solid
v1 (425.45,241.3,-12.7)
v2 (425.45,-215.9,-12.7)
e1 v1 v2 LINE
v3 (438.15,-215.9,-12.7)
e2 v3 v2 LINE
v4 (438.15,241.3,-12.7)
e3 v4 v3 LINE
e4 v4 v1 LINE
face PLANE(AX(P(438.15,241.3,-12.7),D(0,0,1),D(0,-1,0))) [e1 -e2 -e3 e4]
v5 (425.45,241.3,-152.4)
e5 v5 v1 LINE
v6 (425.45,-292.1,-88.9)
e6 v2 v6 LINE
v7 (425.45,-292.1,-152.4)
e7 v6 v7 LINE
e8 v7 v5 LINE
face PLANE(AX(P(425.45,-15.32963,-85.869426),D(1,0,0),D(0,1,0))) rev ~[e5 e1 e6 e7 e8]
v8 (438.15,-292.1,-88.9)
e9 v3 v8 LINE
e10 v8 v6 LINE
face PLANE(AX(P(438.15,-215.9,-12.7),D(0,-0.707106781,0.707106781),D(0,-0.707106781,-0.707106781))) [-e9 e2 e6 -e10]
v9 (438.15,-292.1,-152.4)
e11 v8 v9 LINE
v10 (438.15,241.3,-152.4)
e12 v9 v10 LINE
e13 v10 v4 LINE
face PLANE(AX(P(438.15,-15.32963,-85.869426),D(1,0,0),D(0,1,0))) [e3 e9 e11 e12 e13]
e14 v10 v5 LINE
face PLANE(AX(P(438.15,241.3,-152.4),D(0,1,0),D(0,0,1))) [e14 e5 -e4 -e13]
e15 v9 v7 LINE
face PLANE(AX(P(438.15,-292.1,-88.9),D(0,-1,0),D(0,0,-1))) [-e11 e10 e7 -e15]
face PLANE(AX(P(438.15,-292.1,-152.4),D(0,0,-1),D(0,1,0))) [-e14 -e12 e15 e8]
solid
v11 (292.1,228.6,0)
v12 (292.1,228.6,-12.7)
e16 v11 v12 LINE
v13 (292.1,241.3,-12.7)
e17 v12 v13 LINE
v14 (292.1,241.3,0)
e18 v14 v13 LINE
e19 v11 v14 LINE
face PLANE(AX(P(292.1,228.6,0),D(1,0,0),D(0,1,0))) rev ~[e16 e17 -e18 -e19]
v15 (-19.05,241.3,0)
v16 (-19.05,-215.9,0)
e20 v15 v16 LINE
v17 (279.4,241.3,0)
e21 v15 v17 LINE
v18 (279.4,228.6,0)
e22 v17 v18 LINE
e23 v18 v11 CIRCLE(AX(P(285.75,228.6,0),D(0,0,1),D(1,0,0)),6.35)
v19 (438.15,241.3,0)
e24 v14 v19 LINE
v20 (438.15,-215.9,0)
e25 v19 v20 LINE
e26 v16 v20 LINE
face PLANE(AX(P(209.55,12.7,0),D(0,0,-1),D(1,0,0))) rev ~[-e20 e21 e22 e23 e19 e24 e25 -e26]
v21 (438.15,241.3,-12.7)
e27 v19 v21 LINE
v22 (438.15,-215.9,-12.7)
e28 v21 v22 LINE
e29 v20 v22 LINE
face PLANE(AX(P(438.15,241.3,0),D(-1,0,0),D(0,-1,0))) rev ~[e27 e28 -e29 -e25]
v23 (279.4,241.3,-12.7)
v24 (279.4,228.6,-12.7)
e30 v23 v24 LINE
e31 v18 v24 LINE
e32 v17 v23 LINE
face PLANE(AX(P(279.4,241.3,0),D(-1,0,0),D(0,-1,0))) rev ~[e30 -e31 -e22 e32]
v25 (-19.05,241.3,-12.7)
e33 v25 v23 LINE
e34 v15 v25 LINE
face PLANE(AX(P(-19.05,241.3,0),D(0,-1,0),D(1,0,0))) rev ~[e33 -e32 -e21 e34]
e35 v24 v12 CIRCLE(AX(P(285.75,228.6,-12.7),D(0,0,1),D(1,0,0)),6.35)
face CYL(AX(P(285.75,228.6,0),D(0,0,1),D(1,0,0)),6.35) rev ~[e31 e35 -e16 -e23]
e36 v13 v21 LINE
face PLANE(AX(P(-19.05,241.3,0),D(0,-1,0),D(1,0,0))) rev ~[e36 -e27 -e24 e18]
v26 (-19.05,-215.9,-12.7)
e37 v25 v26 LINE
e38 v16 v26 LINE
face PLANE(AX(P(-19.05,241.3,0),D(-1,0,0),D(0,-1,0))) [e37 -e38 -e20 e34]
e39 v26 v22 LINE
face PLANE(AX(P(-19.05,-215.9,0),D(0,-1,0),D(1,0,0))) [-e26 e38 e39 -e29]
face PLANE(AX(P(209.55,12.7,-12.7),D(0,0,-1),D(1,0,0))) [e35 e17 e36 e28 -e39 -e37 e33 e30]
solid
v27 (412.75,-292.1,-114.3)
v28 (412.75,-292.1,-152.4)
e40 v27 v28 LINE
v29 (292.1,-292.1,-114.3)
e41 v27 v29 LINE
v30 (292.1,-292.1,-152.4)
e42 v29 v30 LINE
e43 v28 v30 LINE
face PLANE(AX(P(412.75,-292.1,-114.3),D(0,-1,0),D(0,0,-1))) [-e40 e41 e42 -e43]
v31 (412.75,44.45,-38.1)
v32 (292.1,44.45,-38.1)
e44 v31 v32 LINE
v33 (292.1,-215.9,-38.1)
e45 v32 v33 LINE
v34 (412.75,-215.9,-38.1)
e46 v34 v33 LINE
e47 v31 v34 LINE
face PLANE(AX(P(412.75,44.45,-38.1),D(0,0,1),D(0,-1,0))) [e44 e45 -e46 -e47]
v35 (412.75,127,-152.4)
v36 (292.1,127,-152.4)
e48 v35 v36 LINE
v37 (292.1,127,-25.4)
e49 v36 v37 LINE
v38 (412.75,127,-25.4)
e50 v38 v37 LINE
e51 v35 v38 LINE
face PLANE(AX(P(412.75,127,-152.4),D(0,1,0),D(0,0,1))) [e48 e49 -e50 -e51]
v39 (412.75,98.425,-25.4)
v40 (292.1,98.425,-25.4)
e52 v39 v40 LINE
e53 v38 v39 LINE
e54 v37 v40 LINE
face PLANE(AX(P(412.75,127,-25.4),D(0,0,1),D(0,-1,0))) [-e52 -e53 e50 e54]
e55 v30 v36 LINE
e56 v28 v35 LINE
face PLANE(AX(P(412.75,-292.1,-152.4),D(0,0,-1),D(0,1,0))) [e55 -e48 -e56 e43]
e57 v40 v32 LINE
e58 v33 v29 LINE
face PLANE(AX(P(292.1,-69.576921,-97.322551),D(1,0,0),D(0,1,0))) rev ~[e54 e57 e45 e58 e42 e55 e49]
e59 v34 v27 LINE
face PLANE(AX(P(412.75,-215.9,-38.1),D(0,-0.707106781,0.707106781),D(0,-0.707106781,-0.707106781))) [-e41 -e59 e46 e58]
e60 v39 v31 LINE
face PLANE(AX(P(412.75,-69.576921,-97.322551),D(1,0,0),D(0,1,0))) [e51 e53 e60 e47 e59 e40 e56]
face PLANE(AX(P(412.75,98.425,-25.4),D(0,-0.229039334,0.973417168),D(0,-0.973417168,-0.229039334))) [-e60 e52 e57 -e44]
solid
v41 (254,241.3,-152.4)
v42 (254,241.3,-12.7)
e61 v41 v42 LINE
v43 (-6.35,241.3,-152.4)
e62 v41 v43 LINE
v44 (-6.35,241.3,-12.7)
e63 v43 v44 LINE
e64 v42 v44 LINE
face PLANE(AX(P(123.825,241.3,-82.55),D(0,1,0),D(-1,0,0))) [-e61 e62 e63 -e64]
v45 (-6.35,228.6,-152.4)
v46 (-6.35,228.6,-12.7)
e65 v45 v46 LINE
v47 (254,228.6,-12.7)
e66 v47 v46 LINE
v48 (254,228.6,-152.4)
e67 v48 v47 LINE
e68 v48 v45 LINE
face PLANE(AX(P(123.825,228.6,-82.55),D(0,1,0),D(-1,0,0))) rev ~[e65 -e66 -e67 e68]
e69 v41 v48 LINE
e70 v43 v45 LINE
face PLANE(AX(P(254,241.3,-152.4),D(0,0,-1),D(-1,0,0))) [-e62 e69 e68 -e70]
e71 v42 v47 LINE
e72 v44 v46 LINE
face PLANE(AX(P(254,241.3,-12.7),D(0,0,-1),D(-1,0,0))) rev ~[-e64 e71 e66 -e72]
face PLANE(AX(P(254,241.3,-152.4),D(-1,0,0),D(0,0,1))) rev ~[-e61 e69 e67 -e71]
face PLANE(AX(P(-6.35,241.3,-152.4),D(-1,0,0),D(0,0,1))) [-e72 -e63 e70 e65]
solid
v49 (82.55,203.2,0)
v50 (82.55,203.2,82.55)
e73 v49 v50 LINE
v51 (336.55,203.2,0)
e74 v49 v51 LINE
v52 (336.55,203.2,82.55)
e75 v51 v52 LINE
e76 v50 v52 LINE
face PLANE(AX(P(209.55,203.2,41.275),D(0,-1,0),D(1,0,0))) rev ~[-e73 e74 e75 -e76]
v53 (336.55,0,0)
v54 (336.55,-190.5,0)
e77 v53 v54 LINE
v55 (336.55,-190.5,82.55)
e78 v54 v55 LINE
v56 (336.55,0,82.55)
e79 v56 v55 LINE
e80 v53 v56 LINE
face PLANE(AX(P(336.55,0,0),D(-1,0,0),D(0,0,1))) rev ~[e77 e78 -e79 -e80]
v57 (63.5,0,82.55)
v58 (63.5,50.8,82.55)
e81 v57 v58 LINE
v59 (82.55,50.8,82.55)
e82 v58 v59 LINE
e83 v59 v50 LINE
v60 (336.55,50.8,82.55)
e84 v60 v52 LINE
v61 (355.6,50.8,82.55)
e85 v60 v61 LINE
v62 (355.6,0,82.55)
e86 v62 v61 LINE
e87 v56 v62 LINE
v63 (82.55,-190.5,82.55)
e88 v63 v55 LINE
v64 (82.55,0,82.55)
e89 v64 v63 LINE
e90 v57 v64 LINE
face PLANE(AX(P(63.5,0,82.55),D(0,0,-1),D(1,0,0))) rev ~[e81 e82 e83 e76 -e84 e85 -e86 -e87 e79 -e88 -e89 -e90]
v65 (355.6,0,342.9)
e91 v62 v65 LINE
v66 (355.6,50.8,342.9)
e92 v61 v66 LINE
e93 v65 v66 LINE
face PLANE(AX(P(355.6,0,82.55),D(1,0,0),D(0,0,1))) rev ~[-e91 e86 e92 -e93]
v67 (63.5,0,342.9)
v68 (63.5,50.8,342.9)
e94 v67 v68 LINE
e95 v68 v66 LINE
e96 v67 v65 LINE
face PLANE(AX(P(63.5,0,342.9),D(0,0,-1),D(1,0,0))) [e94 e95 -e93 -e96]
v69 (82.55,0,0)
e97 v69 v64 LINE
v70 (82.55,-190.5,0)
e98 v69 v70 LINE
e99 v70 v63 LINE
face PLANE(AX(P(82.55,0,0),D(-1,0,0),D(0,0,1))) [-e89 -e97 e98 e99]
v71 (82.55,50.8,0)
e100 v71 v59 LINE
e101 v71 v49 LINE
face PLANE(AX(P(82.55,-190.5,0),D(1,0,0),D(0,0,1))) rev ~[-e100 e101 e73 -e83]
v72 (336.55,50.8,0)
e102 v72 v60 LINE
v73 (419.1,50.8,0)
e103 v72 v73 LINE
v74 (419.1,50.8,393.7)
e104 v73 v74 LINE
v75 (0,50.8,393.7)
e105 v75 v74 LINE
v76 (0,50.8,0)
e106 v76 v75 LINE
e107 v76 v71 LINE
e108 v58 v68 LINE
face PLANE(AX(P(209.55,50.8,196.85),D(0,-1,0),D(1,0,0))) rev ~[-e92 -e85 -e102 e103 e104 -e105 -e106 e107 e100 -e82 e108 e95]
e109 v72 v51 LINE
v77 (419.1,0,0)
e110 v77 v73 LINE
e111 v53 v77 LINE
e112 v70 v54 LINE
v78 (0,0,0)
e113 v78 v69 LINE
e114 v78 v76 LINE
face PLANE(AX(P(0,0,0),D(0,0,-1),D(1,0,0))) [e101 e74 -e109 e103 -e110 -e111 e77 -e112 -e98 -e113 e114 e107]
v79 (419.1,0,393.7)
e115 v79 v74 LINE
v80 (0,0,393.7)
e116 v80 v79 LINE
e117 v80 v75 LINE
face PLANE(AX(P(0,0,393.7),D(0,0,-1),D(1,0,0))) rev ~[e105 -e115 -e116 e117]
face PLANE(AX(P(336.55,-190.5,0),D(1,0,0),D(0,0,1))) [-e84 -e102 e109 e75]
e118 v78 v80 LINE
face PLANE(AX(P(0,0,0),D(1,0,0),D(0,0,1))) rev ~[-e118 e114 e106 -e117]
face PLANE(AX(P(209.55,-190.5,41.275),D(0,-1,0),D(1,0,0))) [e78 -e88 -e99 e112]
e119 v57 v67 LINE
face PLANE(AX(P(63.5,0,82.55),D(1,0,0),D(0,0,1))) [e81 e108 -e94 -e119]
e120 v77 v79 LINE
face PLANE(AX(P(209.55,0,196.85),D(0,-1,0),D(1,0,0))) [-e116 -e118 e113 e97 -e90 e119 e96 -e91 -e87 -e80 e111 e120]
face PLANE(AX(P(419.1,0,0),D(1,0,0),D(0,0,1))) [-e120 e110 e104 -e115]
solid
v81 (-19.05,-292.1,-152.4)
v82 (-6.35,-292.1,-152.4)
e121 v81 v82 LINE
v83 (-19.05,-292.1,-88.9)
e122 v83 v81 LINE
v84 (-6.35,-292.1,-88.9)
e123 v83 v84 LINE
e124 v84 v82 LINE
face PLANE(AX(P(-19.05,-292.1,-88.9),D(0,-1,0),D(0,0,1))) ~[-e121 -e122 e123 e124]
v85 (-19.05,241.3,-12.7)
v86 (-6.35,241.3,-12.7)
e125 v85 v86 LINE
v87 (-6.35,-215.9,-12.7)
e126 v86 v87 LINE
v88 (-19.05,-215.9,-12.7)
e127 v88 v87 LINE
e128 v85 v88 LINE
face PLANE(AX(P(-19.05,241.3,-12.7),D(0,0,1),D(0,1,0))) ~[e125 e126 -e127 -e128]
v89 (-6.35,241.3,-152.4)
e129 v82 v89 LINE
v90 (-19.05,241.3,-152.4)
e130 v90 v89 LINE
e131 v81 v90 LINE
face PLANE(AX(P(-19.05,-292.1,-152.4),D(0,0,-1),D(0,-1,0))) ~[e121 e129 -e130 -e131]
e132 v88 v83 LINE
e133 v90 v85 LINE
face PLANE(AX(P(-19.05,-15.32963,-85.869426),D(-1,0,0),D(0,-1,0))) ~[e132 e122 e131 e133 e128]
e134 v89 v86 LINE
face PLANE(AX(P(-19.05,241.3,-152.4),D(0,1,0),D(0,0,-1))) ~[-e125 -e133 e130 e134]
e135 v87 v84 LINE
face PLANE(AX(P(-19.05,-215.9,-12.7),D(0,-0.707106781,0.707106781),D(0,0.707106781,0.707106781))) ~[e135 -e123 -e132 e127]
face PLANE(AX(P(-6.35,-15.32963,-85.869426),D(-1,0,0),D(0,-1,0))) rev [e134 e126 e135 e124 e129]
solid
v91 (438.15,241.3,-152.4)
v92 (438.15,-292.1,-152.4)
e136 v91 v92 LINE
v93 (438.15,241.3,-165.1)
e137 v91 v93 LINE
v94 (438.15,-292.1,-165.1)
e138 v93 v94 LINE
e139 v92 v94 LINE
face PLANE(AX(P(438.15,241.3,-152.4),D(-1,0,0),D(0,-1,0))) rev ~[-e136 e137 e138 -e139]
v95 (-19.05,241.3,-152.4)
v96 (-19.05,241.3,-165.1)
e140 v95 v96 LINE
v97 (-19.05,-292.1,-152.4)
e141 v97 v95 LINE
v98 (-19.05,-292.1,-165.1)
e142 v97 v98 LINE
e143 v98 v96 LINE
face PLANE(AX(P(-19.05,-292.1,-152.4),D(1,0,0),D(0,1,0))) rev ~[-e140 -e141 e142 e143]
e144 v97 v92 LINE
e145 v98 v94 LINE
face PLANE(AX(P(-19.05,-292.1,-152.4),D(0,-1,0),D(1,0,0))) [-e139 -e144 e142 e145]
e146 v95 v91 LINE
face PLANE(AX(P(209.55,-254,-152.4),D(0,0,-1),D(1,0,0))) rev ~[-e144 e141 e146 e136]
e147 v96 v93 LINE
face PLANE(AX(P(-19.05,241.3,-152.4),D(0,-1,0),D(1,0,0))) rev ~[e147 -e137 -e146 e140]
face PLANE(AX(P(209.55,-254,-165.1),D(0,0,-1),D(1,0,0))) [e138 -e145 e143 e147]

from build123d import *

# Parameters (mm, degrees)
F0_W      = 419.1
F0_H      = 393.7
F0_W_2    = 292.1
F0_H_2    = 260.35
F1_DEPTH  = 50.8
F2_W      = 254
F2_H      = 82.55
F3_DEPTH  = 190.5
F4_DEPTH  = 393.7
F5_W      = 457.2
F5_H      = 457.2
F6_DEPTH  = 12.7
F8_W      = 457.2
F8_H      = 76.2
F8_H_2    = 457.2
F9_DEPTH  = 12.7
F12_DEPTH = 120.65
F14_DEPTH = 12.7
F17_W     = 260.35
F17_H     = 139.7
F18_DEPTH = 12.7
F20_DEPTH = 12.7


with BuildPart() as f1:
    # F0 (on Front) → F1 (new body)
    with BuildSketch(Plane.XZ):
        with Locations((209.55, 196.85)):
            Rectangle(F0_W, F0_H)
        with Locations((209.55, 212.725)):
            Rectangle(F0_W_2, F0_H_2, mode=Mode.SUBTRACT)
    extrude(amount=-F1_DEPTH)

    # F2 (on face) → F3 (join)
    with BuildSketch(Plane.XZ):
        with Locations((209.55, 41.275)):
            Rectangle(F2_W, F2_H)
    extrude(amount=F3_DEPTH)

    # F4 (add): a face of the model
    f4_faces = [f1.faces().sort_by_distance(p)[0] for p in [
        (209.55, -190.5, 41.275),
    ]]
    extrude(f4_faces, amount=-F4_DEPTH)


with BuildPart() as f6:
    # F5 (on face) → F6 (new body)
    with BuildSketch(Plane(origin=(0, 0, 0), x_dir=(1, 0, 0), z_dir=(0, 0, -1))):
        with Locations((209.55, -12.7)):
            Rectangle(F5_W, F5_H)
        Polygon((0, 0), (82.55, 0), (82.55, 190.5), (336.55, 190.5), (336.55, 0), (419.1, 0), (419.1, -50.8), (336.55, -50.8), (336.55, -203.2), (82.55, -203.2), (82.55, -50.8), (0, -50.8), align=None, mode=Mode.SUBTRACT)
        Polygon((82.55, 190.5), (82.55, 0), (0, 0), (0, -50.8), (82.55, -50.8), (82.55, -203.2), (336.55, -203.2), (336.55, -50.8), (419.1, -50.8), (419.1, 0), (336.55, 0), (336.55, 190.5), align=None)
    extrude(amount=F6_DEPTH)

    # F19 (on face) → F20 (cut, through all)
    with BuildSketch(Plane.XY):
        with BuildLine():
            ThreePointArc((279.4, 228.6), (285.75, 222.25), (292.1, 228.6))
            ThreePointArc((292.1, 228.6), (285.75, 234.95), (279.4, 228.6))
        make_face()
        with BuildLine():
            ThreePointArc((279.4, 228.6), (285.75, 234.95), (292.1, 228.6))
            Line((292.1, 228.6), (292.1, 241.3))
            Line((292.1, 241.3), (279.4, 241.3))
            Line((279.4, 241.3), (279.4, 228.6))
        make_face()
    extrude(amount=-F20_DEPTH, mode=Mode.SUBTRACT)


with BuildPart() as f9:
    # F8 (on offset) → F9 (new body)
    with BuildSketch(Plane(origin=(0, 0, -152.4), x_dir=(1, 0, 0), z_dir=(0, 0, -1))):
        with Locations((209.55, 254)):
            Rectangle(F8_W, F8_H)
        with Locations((209.55, -12.7)):
            Rectangle(F8_W, F8_H_2)
    extrude(amount=F9_DEPTH)


with BuildPart() as f12:
    # F11 (on offset) → F12 (new body)
    with BuildSketch(Plane.YZ.offset(412.75)):
        Polygon((-292.1, -152.4), (127, -152.4), (127, -25.4), (98.425, -25.4), (44.45, -38.1), (-215.9, -38.1), (-292.1, -114.3), align=None)
    extrude(amount=-F12_DEPTH)


with BuildPart() as f14:
    # F13 (on face) → F14 (new body)
    with BuildSketch(Plane.YZ.offset(438.15)):
        Polygon((241.3, -152.4), (241.3, -12.7), (-215.9, -12.7), (-292.1, -88.9), (-292.1, -152.4), align=None)
    extrude(amount=-F14_DEPTH)


with BuildPart() as f16_1:
    # F16: instance of F14
    add(f14.part.mirror(Plane(origin=(209.55, 12.7, -6.35), x_dir=(0, 1, 0), z_dir=(1, 0, 0))))


with BuildPart() as f18:
    # F17 (on face) → F18 (new body)
    with BuildSketch(Plane(origin=(0, 241.3, 0), x_dir=(-1, 0, 0), z_dir=(0, 1, 0))):
        with Locations((-123.825, -82.55)):
            Rectangle(F17_W, F17_H)
    extrude(amount=-F18_DEPTH)


solid = Compound([f1.part, f6.part, f9.part, f12.part, f14.part, f16_1.part, f18.part])
